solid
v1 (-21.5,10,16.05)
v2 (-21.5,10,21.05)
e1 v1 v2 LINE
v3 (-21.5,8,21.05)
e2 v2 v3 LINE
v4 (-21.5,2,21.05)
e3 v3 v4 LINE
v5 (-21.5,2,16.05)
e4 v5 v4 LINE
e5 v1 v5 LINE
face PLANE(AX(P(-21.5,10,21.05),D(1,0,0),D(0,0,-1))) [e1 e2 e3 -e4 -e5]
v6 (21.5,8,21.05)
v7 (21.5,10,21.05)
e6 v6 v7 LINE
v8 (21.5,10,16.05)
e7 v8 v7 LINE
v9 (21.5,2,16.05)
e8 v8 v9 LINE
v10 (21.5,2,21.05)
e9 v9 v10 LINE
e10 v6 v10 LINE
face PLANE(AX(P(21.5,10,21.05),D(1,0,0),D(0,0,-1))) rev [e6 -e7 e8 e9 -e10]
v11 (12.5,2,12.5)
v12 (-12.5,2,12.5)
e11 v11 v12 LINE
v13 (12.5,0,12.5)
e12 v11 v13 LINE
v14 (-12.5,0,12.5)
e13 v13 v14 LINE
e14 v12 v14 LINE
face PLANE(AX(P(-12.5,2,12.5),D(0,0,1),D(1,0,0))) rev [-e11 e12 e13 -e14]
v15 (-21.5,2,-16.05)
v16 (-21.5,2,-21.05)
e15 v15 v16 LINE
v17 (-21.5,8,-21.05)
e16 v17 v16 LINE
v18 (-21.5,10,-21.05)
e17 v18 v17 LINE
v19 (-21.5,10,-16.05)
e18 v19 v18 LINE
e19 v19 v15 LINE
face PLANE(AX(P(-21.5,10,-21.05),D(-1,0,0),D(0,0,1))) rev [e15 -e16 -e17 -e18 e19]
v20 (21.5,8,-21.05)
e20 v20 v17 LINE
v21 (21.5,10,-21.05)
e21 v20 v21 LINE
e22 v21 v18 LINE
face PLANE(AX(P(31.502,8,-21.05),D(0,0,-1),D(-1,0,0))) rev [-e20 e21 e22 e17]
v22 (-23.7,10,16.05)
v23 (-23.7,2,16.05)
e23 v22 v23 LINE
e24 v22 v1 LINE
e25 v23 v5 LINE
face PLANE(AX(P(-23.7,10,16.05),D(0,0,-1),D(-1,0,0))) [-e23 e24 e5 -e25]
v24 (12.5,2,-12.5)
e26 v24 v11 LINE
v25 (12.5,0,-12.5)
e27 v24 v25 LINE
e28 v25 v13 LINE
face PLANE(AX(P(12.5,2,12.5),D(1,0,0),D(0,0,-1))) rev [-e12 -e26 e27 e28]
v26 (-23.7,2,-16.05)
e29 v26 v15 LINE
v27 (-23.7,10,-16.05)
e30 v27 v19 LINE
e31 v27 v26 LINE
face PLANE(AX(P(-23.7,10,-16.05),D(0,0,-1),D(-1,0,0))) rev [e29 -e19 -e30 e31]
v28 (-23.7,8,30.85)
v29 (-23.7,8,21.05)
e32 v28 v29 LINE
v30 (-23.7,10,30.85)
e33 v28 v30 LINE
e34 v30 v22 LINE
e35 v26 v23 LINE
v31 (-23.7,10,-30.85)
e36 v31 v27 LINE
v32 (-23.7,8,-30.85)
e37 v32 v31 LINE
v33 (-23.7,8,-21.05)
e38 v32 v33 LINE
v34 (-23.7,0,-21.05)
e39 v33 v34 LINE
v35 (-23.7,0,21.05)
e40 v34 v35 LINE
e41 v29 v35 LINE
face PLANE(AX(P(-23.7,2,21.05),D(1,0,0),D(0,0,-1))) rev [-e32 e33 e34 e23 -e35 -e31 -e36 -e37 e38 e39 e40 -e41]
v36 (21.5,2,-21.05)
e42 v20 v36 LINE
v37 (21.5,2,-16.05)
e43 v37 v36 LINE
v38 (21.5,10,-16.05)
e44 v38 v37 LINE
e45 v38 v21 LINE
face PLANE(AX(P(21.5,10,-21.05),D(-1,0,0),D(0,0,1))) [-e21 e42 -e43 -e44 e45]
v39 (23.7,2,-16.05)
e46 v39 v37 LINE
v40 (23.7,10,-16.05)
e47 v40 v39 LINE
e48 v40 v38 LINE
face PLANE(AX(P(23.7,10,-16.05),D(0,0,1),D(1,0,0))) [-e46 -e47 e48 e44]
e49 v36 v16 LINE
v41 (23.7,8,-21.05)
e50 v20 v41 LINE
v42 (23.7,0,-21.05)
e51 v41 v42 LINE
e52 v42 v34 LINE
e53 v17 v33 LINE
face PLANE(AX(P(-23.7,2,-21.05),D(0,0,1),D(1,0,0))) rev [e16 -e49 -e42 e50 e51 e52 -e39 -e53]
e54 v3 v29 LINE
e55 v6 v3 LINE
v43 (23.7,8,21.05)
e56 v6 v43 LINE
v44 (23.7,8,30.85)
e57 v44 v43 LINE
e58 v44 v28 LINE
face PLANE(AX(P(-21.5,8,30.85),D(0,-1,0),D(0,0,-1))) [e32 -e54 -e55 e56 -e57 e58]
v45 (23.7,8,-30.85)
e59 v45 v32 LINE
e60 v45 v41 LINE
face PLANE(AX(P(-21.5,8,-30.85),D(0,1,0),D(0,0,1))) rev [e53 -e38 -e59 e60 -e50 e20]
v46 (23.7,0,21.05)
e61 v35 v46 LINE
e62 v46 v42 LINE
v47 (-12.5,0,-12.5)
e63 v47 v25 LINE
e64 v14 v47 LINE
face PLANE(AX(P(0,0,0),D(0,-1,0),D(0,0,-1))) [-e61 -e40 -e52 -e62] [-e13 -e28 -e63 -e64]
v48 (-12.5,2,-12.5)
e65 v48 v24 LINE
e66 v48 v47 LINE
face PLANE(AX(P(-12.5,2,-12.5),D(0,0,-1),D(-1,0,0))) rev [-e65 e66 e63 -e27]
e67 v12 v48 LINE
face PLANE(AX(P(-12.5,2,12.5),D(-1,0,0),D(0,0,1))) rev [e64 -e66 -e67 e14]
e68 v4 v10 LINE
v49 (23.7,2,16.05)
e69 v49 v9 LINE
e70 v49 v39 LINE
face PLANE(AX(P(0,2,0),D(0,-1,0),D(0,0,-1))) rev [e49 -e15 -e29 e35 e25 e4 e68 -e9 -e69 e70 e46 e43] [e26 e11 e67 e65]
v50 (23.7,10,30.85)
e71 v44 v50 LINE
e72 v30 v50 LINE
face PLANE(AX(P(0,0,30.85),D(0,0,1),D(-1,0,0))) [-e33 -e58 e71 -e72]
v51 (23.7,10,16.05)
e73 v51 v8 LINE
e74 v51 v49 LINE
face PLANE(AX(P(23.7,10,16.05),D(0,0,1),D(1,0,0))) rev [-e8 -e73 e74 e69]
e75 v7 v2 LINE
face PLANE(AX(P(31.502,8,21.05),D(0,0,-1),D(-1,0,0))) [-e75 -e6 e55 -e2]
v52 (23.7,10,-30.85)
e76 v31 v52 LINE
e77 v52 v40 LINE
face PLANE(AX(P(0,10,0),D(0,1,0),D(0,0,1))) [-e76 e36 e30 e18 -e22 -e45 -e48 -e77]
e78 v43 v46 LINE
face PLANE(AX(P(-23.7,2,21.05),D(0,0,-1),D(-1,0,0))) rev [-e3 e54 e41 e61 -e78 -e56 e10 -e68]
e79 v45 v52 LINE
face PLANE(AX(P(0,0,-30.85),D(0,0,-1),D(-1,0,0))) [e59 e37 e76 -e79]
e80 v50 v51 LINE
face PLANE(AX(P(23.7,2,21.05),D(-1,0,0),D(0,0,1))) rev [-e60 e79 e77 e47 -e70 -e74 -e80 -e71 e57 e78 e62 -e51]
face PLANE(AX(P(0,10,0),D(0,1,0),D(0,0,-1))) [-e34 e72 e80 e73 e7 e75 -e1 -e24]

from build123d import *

# Parameters (mm, degrees)
SKETCH3_W               = 47.4
SKETCH3_H               = 42.1
BOSS_EXTRUDE1_DEPTH     = 2
SKETCH4_W               = 2.2
SKETCH4_H               = 5
BOSS_EXTRUDE2_DEPTH     = 8
SKETCH6_W               = 2.2
SKETCH6_H               = 2
BOSS_EXTRUDE3_DEPTH     = 9.8
BOSS_EXTRUDE5_REACH     = 57.631
SKETCH10_W              = 9.8
SKETCH10_H              = 2
MIRROR3_COPY_1_SKETCH_W = 2.2
MIRROR3_COPY_1_SKETCH_H = 5
MIRROR3_COPY_1_DEPTH    = 8
MIRROR3_COPY_2_SKETCH_W = 2.2
MIRROR3_COPY_2_SKETCH_H = 2
MIRROR3_COPY_2_DEPTH    = 9.8
SKETCH7_W               = 25
SKETCH7_H               = 25
CUT_EXTRUDE1_DEPTH      = 2


with BuildPart() as part:
    # Sketch3 → Boss-Extrude1 (new body)
    with BuildSketch(Plane(origin=(0, 0, 0), x_dir=(1, 0, 0), z_dir=(0, 1, 0))):
        Rectangle(SKETCH3_W, SKETCH3_H)
    extrude(amount=BOSS_EXTRUDE1_DEPTH)

    # Sketch4 → Boss-Extrude2 (add)
    with BuildSketch(Plane(origin=(0, 2, 0), x_dir=(1, 0, 0), z_dir=(0, 1, 0))):
        with Locations((-22.6, 18.55)):
            Rectangle(SKETCH4_W, SKETCH4_H)
    boss_extrude2 = extrude(amount=BOSS_EXTRUDE2_DEPTH)

    # Sketch6 → Boss-Extrude3 (add)
    with BuildSketch(Plane(origin=(0, 0, -21.05), x_dir=(-1, 0, 0), z_dir=(0, 0, -1))):
        with Locations((22.6, 9)):
            Rectangle(SKETCH6_W, SKETCH6_H)
    boss_extrude3 = extrude(amount=BOSS_EXTRUDE3_DEPTH)

    # Mirror1: Boss-Extrude2, Boss-Extrude3 across plane
    add(boss_extrude2.mirror(Plane(origin=(0, 0, 0), x_dir=(0, 0, 1), z_dir=(1, 0, 0))))
    add(boss_extrude3.mirror(Plane(origin=(0, 0, 0), x_dir=(0, 0, 1), z_dir=(1, 0, 0))))

    # Sketch10 → Boss-Extrude5 (add, up to next)
    with BuildSketch(Plane(origin=(-21.5, 0, 0), x_dir=(0, 0, -1), z_dir=(1, 0, 0)), mode=Mode.PRIVATE) as boss_extrude5_sk1:
        with Locations((25.95, 9)):
            Rectangle(SKETCH10_W, SKETCH10_H)
    boss_extrude5_tool1 = extrude(boss_extrude5_sk1.sketch, amount=BOSS_EXTRUDE5_REACH, mode=Mode.PRIVATE) - part.part
    boss_extrude5 = boss_extrude5_tool1.solids().sort_by_distance((-21.5, 9, -25.95))[0]
    add(boss_extrude5)

    # Mirror3: Boss-Extrude2, Boss-Extrude3, Boss-Extrude5 across plane
    add(boss_extrude2.mirror(Plane.XY))
    add(boss_extrude3.mirror(Plane.XY))
    add(boss_extrude5.mirror(Plane.XY))

    # Mirror3 copy 1 sketch → Mirror3 copy 1 (add)
    with BuildSketch(Plane(origin=(0, 2, 0), x_dir=(-1, 0, 0), z_dir=(0, 1, 0))):
        with Locations((-22.6, 18.55)):
            Rectangle(MIRROR3_COPY_1_SKETCH_W, MIRROR3_COPY_1_SKETCH_H)
    extrude(amount=MIRROR3_COPY_1_DEPTH)

    # Mirror3 copy 2 sketch → Mirror3 copy 2 (add)
    with BuildSketch(Plane.XY.offset(21.05)):
        with Locations((22.6, 9)):
            Rectangle(MIRROR3_COPY_2_SKETCH_W, MIRROR3_COPY_2_SKETCH_H)
    extrude(amount=MIRROR3_COPY_2_DEPTH)

    # Sketch7 → Cut-Extrude1 (cut)
    with BuildSketch(Plane.XZ):
        Rectangle(SKETCH7_W, SKETCH7_H)
    extrude(amount=-CUT_EXTRUDE1_DEPTH, mode=Mode.SUBTRACT)


solid = part.part
